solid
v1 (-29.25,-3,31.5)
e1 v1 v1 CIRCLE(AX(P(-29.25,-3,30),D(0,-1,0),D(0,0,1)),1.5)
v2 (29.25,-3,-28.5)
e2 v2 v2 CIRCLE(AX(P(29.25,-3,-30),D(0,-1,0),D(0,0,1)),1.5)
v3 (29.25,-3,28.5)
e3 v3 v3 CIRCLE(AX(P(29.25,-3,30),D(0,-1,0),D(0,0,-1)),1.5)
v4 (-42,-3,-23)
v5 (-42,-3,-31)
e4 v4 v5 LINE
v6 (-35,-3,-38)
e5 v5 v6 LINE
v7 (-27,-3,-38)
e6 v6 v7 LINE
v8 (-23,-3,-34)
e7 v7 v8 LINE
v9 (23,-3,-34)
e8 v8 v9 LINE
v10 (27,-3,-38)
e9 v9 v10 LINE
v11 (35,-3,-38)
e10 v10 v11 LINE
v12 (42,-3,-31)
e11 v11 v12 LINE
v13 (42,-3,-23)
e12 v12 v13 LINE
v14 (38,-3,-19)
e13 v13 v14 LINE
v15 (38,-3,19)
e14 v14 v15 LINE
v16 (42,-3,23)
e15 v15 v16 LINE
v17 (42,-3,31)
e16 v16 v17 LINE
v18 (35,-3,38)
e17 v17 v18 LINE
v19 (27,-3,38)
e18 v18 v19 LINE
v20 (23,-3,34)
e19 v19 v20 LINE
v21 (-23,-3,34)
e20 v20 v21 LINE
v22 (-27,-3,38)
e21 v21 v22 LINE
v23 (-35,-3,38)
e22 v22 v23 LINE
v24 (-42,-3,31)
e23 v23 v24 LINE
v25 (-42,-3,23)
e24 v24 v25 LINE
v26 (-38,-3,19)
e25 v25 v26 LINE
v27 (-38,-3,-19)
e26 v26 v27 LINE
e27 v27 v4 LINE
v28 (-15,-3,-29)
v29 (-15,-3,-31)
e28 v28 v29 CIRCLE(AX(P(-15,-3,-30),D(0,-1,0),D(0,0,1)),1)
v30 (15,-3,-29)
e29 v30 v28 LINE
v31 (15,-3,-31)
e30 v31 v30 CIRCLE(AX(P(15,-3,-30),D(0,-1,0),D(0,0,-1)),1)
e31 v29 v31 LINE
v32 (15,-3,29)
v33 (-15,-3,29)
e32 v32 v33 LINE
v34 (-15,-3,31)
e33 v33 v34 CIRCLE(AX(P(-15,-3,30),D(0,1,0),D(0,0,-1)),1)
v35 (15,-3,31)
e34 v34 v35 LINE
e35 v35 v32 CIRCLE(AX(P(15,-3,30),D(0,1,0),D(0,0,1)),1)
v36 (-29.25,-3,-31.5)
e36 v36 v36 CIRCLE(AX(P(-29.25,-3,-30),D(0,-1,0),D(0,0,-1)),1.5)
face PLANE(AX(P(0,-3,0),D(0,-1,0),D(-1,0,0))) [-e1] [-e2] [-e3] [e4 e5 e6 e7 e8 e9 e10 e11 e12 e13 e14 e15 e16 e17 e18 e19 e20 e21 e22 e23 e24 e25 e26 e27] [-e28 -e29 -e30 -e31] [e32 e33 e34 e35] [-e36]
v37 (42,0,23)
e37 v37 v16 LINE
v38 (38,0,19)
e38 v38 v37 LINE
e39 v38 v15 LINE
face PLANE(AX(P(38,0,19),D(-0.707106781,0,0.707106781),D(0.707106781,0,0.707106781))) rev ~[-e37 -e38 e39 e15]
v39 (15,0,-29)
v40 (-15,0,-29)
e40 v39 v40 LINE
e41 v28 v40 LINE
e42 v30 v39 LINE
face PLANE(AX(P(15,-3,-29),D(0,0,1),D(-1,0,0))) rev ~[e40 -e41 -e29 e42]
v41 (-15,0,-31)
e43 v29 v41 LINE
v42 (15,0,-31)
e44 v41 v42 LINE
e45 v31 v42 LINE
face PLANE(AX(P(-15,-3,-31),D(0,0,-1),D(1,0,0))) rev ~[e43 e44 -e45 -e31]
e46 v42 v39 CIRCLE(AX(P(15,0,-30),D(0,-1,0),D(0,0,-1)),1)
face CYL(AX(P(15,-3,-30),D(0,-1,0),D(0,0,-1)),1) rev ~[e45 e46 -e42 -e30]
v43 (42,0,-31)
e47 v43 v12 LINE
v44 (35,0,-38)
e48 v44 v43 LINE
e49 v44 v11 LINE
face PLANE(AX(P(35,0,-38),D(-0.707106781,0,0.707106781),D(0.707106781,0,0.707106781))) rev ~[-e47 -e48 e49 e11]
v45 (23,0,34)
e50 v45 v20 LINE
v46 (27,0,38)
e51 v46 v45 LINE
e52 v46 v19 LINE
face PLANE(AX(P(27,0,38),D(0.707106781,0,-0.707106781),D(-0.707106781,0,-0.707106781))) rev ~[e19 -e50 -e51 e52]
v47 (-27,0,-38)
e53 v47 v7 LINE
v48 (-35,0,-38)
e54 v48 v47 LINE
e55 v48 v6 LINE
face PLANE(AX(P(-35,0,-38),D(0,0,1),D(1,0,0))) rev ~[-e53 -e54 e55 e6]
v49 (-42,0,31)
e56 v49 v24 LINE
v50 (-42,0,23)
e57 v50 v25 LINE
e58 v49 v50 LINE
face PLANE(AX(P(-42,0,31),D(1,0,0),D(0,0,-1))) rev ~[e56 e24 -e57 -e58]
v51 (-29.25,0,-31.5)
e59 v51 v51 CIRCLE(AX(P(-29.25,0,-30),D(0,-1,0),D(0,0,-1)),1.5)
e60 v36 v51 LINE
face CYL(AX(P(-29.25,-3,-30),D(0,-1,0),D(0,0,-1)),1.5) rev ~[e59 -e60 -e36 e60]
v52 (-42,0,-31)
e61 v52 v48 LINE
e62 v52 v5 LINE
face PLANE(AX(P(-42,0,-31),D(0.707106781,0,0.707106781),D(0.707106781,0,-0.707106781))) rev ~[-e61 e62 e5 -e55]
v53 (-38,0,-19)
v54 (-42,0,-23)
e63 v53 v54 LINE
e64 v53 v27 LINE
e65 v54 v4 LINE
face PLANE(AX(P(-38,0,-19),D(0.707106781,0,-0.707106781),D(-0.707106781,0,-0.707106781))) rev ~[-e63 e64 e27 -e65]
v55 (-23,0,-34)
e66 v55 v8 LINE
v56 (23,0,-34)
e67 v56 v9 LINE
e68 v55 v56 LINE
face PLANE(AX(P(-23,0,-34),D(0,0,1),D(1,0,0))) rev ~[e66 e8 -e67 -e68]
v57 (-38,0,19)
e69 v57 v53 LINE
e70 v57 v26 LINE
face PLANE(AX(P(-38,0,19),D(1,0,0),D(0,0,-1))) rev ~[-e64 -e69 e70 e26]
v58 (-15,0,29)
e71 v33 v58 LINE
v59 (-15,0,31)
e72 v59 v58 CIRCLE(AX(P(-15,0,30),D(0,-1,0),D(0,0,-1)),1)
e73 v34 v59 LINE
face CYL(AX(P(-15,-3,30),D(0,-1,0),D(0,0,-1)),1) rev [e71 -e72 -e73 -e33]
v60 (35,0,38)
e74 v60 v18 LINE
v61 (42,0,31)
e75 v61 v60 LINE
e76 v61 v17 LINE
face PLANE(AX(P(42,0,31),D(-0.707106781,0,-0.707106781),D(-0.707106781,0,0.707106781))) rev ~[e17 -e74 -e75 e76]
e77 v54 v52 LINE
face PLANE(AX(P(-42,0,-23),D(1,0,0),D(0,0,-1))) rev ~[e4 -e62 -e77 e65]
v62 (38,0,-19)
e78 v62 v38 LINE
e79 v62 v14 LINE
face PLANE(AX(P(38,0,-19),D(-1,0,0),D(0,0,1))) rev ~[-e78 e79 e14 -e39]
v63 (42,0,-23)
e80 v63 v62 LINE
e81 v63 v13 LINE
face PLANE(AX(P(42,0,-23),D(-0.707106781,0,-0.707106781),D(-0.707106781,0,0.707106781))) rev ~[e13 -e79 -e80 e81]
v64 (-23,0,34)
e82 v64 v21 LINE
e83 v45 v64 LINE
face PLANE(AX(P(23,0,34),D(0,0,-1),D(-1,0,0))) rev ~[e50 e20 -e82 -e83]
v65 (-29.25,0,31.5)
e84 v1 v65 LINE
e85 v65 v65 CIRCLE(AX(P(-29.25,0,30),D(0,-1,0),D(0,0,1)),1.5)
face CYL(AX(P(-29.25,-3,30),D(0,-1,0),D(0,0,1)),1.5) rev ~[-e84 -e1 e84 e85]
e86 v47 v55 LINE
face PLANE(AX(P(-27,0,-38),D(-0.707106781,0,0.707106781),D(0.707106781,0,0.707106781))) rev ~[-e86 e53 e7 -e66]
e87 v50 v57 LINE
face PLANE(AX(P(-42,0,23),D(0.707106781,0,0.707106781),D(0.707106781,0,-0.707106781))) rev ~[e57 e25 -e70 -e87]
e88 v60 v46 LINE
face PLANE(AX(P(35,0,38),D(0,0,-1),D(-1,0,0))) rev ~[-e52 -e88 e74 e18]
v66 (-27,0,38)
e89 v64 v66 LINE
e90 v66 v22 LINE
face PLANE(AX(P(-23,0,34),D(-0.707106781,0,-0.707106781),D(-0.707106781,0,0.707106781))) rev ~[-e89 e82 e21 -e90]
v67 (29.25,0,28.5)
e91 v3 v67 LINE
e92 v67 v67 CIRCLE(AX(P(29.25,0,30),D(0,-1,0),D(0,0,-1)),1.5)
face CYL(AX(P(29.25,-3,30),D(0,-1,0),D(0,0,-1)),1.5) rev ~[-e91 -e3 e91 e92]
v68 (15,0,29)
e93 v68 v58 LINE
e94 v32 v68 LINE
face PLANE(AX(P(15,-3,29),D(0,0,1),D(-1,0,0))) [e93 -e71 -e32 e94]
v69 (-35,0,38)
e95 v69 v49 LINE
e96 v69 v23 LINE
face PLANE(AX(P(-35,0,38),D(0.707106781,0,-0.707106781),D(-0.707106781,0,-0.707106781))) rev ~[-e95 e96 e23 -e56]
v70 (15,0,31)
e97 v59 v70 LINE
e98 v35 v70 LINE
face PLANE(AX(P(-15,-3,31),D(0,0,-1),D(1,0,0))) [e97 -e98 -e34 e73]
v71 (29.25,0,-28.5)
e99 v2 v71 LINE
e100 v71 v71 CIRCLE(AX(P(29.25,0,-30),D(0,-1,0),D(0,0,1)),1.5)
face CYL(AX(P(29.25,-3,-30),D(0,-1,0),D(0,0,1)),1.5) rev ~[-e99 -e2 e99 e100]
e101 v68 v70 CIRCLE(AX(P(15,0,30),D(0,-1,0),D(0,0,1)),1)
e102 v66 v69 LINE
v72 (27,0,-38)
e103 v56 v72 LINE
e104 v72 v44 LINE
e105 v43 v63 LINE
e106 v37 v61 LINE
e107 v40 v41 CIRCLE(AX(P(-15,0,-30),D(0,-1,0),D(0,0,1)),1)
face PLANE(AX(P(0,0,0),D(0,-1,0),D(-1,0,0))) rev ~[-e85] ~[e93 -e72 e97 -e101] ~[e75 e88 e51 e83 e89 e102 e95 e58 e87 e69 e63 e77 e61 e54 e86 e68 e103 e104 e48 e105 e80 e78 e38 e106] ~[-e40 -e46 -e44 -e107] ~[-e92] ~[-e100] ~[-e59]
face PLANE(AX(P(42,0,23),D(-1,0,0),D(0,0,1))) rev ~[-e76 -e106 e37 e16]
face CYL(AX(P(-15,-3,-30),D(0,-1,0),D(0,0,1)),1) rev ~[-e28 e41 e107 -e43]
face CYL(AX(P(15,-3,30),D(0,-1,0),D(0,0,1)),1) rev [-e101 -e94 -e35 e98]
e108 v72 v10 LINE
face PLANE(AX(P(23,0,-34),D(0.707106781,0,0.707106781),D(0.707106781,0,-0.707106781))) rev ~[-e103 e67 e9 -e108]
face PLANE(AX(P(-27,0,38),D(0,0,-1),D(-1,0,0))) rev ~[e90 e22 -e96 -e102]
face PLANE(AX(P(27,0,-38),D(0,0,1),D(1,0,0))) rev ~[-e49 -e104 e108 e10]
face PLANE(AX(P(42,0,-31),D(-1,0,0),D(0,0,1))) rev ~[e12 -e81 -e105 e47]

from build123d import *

# Parameters (mm, degrees)
BOSS_EXTRUDE1_DEPTH = 3
SKETCH8_R           = 1.5
CUT_EXTRUDE5_DEPTH  = 57.71860365
CUT_EXTRUDE6_DEPTH  = 10


with BuildPart() as part:
    # Sketch1 → Boss-Extrude1 (new body)
    with BuildSketch(Plane(origin=(0, 0, 0), x_dir=(1, 0, 0), z_dir=(0, 1, 0))):
        Polygon((-23, 34), (23, 34), (27, 38), (35, 38), (42, 31), (42, 23), (38, 19), (38, -19), (42, -23), (42, -31), (35, -38), (27, -38), (23, -34), (-23, -34), (-27, -38), (-35, -38), (-42, -31), (-42, -23), (-38, -19), (-38, 19), (-42, 23), (-42, 31), (-35, 38), (-27, 38), align=None)
    extrude(amount=-BOSS_EXTRUDE1_DEPTH)

    # Sketch8 → Cut-Extrude5 (cut, through all)
    with BuildSketch(Plane.XZ.offset(3)):
        with Locations(Location((-29.25, -30, 0), (0, 0, 270))):
            Circle(SKETCH8_R)
        with Locations(Location((29.25, -30, 0), (0, 0, 90))):
            Circle(SKETCH8_R)
        with Locations(Location((29.25, 30, 0), (0, 0, 270))):
            Circle(SKETCH8_R)
        with Locations(Location((-29.25, 30, 0), (0, 0, 90))):
            Circle(SKETCH8_R)
    extrude(amount=-CUT_EXTRUDE5_DEPTH, mode=Mode.SUBTRACT)

    # Sketch11 → Cut-Extrude6 (cut)
    with BuildSketch(Plane.XZ.offset(3)):
        with BuildLine():
            Line((-15, -31), (15, -31))
            ThreePointArc((15, -31), (16, -30), (15, -29))
            Line((15, -29), (-15, -29))
            ThreePointArc((-15, -29), (-16, -30), (-15, -31))
        make_face()
        with BuildLine():
            Line((-15, 31), (15, 31))
            ThreePointArc((15, 31), (16, 30), (15, 29))
            Line((15, 29), (-15, 29))
            ThreePointArc((-15, 29), (-16, 30), (-15, 31))
        make_face()
    extrude(amount=-CUT_EXTRUDE6_DEPTH, mode=Mode.SUBTRACT)


solid = part.part
